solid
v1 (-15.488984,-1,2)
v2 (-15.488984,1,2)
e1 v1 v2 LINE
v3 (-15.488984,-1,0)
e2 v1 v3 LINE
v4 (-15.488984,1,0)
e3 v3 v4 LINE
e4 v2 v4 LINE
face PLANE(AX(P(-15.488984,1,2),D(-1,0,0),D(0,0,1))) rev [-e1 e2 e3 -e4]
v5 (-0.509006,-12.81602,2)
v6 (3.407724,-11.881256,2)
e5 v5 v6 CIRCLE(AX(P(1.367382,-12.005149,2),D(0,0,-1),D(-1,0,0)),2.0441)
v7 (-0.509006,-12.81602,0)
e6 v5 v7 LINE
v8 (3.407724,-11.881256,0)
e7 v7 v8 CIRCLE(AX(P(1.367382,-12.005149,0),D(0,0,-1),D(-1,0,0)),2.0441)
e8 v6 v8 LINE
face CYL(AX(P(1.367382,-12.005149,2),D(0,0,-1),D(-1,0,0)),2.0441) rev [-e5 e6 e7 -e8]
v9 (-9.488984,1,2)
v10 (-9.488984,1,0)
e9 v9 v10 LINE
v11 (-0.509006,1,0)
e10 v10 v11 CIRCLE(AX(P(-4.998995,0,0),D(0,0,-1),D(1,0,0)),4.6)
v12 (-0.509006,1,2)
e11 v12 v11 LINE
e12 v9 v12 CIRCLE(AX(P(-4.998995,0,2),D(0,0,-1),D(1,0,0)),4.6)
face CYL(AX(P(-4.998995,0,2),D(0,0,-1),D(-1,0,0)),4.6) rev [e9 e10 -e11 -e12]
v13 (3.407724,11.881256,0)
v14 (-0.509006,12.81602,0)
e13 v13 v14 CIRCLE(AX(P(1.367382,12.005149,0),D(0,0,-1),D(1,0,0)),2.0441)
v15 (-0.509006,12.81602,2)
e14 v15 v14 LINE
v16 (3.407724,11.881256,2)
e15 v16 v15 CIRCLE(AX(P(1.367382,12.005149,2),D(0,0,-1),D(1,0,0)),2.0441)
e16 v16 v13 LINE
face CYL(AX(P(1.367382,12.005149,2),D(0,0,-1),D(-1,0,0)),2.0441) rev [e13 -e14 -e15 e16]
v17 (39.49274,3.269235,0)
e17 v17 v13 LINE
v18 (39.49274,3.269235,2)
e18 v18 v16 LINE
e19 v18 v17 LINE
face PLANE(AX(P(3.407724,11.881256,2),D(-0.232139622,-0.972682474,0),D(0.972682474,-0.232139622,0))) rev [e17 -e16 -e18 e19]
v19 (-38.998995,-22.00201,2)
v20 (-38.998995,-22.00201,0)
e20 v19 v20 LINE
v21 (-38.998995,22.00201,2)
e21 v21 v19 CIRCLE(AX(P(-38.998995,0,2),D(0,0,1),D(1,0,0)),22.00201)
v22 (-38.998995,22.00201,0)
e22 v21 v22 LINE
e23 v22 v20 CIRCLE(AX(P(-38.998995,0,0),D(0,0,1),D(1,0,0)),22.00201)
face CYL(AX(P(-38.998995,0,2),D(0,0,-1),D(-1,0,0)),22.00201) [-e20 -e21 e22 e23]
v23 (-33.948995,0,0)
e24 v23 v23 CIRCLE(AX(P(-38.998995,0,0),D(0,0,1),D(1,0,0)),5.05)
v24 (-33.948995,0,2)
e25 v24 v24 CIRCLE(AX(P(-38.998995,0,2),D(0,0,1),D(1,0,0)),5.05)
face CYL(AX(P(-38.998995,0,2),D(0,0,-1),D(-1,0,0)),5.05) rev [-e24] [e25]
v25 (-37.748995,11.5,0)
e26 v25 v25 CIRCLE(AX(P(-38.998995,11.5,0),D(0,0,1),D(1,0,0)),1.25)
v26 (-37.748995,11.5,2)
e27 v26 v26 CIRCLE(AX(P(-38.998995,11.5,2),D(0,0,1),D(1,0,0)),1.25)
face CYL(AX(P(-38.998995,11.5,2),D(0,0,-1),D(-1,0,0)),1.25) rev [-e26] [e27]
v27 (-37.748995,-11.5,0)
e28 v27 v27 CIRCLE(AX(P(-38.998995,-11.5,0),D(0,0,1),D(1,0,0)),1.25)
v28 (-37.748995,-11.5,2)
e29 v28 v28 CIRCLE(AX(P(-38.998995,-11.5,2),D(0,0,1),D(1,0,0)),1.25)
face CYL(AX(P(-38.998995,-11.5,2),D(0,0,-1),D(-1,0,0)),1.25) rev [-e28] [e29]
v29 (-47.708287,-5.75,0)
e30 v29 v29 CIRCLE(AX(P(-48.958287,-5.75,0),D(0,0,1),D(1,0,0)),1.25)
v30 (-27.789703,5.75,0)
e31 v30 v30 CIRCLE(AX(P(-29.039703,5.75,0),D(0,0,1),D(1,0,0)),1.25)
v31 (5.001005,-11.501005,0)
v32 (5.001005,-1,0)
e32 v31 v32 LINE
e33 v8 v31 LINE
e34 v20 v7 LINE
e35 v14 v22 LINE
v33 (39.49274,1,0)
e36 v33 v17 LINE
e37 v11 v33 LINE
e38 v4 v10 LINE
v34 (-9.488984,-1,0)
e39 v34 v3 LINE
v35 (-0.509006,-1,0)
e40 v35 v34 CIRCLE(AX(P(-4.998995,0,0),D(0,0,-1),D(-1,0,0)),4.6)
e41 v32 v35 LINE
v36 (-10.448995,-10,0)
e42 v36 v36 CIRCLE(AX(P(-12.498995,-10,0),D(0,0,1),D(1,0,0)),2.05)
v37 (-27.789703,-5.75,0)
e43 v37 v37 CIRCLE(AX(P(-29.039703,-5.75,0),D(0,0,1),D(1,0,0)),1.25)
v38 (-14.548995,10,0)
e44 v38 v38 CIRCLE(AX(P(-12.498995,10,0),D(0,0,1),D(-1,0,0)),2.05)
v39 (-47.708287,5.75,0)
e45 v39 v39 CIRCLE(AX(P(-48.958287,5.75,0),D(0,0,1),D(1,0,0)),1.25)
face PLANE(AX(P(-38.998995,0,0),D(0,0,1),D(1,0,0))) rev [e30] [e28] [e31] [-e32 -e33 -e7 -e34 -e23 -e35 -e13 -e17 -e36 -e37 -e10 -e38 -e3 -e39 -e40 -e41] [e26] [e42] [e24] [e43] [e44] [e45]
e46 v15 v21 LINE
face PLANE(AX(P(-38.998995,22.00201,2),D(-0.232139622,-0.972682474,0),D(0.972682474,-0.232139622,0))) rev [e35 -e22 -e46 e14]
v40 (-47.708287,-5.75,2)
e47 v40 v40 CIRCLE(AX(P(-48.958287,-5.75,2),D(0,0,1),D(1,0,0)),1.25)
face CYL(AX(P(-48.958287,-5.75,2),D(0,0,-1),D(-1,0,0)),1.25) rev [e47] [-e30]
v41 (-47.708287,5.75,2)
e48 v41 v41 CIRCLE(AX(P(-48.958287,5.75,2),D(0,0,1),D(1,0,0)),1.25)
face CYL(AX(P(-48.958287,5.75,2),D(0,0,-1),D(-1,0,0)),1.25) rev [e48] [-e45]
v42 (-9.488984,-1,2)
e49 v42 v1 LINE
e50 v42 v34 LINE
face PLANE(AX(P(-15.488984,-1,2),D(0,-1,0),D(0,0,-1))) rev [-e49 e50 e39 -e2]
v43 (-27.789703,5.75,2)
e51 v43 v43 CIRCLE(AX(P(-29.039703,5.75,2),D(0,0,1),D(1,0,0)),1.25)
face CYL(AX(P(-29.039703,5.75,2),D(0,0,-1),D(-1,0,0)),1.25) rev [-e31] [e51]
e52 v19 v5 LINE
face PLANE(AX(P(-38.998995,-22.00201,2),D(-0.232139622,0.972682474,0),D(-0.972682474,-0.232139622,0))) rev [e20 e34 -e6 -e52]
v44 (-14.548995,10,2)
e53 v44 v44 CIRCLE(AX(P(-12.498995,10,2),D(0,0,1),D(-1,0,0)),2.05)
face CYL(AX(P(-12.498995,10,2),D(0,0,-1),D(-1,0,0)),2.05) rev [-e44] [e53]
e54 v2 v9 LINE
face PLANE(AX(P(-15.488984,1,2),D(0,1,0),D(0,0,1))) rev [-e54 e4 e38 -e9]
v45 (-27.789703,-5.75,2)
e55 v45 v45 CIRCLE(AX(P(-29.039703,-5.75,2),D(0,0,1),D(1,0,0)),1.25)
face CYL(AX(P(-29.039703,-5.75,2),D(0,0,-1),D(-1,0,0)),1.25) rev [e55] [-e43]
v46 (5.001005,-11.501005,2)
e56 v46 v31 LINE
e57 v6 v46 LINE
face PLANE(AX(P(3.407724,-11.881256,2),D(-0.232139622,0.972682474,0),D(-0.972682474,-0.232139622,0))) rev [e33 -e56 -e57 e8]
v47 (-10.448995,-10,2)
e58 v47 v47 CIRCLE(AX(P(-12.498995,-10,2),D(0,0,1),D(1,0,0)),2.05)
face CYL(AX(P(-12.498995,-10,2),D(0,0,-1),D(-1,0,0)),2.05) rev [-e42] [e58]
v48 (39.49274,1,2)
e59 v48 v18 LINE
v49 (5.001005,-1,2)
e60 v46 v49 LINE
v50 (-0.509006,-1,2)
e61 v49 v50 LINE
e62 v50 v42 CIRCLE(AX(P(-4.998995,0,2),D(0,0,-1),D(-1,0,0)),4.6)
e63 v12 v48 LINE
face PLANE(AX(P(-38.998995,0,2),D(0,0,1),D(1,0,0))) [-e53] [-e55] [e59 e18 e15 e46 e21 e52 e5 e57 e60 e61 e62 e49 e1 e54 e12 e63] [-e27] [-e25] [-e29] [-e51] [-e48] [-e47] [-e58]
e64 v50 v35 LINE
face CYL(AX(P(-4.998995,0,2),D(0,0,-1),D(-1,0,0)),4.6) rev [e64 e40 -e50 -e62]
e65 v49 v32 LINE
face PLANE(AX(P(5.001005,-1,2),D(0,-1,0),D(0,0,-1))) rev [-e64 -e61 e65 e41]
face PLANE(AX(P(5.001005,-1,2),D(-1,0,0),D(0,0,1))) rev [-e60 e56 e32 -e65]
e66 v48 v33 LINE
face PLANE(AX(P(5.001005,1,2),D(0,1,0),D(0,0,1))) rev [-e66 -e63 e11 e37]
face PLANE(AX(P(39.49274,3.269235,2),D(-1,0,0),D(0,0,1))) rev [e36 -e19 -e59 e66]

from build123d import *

# Parameters (mm, degrees)
SKETCH_1_R      = 5.05
SKETCH_1_R_2    = 1.25
SKETCH_1_R_3    = 2.05
EXTRUDE_1_DEPTH = 2


with BuildPart() as part:
    # 草图1 → 凸台-拉伸1 (new body)
    with BuildSketch(Plane.XY):
        with BuildLine():
            Line((-15.488984032, 1), (-9.488984032, 1))
            ThreePointArc((-9.488984032, 1), (-4.998995168, 4.6), (-0.509006304, 1))
            Line((-0.509006304, 1), (5.001004832, 1))
            Line((5.001004832, 1), (39.492739898, 1))
            Line((39.492739898, 1), (39.492739898, 3.269234909))
            Line((39.492739898, 3.269234909), (5.001004832, 11.501004832))
            Line((5.001004832, 11.501004832), (3.407723631, 11.881256049))
            ThreePointArc((3.407723631, 11.881256049), (0.892865212, 10.016888454), (-0.509006304, 12.816019685))
            Line((-0.509006304, 12.816019685), (-38.998995168, 22.002009663))
            ThreePointArc((-38.998995168, 22.002009663), (-61.001004832, 0), (-38.998995168, -22.002009663))
            Line((-38.998995168, -22.002009663), (-0.509006304, -12.816019685))
            ThreePointArc((-0.509006304, -12.816019685), (0.892865212, -10.016888454), (3.407723631, -11.881256049))
            Line((3.407723631, -11.881256049), (5.001004832, -11.501004832))
            Line((5.001004832, -11.501004832), (5.001004832, -1))
            Line((5.001004832, -1), (-0.509006304, -1))
            ThreePointArc((-0.509006304, -1), (-4.998995168, -4.6), (-9.488984032, -1))
            Line((-9.488984032, -1), (-15.488984032, -1))
            Line((-15.488984032, -1), (-15.488984032, 1))
        make_face()
        with Locations((-38.998995168, 0)):
            Circle(SKETCH_1_R, mode=Mode.SUBTRACT)
        with Locations((-38.998995168, -11.5)):
            Circle(SKETCH_1_R_2, mode=Mode.SUBTRACT)
        with Locations((-12.498995168, -10)):
            Circle(SKETCH_1_R_3, mode=Mode.SUBTRACT)
        with Locations((-48.958287312, -5.75)):
            Circle(SKETCH_1_R_2, mode=Mode.SUBTRACT)
        with Locations(Location((-12.498995168, 10, 0), (0, 0, 180))):
            Circle(SKETCH_1_R_3, mode=Mode.SUBTRACT)
        with Locations((-48.958287312, 5.75)):
            Circle(SKETCH_1_R_2, mode=Mode.SUBTRACT)
        with Locations((-38.998995168, 11.5)):
            Circle(SKETCH_1_R_2, mode=Mode.SUBTRACT)
        with Locations((-29.039703025, 5.75)):
            Circle(SKETCH_1_R_2, mode=Mode.SUBTRACT)
        with Locations((-29.039703025, -5.75)):
            Circle(SKETCH_1_R_2, mode=Mode.SUBTRACT)
    extrude(amount=EXTRUDE_1_DEPTH)


solid = part.part
